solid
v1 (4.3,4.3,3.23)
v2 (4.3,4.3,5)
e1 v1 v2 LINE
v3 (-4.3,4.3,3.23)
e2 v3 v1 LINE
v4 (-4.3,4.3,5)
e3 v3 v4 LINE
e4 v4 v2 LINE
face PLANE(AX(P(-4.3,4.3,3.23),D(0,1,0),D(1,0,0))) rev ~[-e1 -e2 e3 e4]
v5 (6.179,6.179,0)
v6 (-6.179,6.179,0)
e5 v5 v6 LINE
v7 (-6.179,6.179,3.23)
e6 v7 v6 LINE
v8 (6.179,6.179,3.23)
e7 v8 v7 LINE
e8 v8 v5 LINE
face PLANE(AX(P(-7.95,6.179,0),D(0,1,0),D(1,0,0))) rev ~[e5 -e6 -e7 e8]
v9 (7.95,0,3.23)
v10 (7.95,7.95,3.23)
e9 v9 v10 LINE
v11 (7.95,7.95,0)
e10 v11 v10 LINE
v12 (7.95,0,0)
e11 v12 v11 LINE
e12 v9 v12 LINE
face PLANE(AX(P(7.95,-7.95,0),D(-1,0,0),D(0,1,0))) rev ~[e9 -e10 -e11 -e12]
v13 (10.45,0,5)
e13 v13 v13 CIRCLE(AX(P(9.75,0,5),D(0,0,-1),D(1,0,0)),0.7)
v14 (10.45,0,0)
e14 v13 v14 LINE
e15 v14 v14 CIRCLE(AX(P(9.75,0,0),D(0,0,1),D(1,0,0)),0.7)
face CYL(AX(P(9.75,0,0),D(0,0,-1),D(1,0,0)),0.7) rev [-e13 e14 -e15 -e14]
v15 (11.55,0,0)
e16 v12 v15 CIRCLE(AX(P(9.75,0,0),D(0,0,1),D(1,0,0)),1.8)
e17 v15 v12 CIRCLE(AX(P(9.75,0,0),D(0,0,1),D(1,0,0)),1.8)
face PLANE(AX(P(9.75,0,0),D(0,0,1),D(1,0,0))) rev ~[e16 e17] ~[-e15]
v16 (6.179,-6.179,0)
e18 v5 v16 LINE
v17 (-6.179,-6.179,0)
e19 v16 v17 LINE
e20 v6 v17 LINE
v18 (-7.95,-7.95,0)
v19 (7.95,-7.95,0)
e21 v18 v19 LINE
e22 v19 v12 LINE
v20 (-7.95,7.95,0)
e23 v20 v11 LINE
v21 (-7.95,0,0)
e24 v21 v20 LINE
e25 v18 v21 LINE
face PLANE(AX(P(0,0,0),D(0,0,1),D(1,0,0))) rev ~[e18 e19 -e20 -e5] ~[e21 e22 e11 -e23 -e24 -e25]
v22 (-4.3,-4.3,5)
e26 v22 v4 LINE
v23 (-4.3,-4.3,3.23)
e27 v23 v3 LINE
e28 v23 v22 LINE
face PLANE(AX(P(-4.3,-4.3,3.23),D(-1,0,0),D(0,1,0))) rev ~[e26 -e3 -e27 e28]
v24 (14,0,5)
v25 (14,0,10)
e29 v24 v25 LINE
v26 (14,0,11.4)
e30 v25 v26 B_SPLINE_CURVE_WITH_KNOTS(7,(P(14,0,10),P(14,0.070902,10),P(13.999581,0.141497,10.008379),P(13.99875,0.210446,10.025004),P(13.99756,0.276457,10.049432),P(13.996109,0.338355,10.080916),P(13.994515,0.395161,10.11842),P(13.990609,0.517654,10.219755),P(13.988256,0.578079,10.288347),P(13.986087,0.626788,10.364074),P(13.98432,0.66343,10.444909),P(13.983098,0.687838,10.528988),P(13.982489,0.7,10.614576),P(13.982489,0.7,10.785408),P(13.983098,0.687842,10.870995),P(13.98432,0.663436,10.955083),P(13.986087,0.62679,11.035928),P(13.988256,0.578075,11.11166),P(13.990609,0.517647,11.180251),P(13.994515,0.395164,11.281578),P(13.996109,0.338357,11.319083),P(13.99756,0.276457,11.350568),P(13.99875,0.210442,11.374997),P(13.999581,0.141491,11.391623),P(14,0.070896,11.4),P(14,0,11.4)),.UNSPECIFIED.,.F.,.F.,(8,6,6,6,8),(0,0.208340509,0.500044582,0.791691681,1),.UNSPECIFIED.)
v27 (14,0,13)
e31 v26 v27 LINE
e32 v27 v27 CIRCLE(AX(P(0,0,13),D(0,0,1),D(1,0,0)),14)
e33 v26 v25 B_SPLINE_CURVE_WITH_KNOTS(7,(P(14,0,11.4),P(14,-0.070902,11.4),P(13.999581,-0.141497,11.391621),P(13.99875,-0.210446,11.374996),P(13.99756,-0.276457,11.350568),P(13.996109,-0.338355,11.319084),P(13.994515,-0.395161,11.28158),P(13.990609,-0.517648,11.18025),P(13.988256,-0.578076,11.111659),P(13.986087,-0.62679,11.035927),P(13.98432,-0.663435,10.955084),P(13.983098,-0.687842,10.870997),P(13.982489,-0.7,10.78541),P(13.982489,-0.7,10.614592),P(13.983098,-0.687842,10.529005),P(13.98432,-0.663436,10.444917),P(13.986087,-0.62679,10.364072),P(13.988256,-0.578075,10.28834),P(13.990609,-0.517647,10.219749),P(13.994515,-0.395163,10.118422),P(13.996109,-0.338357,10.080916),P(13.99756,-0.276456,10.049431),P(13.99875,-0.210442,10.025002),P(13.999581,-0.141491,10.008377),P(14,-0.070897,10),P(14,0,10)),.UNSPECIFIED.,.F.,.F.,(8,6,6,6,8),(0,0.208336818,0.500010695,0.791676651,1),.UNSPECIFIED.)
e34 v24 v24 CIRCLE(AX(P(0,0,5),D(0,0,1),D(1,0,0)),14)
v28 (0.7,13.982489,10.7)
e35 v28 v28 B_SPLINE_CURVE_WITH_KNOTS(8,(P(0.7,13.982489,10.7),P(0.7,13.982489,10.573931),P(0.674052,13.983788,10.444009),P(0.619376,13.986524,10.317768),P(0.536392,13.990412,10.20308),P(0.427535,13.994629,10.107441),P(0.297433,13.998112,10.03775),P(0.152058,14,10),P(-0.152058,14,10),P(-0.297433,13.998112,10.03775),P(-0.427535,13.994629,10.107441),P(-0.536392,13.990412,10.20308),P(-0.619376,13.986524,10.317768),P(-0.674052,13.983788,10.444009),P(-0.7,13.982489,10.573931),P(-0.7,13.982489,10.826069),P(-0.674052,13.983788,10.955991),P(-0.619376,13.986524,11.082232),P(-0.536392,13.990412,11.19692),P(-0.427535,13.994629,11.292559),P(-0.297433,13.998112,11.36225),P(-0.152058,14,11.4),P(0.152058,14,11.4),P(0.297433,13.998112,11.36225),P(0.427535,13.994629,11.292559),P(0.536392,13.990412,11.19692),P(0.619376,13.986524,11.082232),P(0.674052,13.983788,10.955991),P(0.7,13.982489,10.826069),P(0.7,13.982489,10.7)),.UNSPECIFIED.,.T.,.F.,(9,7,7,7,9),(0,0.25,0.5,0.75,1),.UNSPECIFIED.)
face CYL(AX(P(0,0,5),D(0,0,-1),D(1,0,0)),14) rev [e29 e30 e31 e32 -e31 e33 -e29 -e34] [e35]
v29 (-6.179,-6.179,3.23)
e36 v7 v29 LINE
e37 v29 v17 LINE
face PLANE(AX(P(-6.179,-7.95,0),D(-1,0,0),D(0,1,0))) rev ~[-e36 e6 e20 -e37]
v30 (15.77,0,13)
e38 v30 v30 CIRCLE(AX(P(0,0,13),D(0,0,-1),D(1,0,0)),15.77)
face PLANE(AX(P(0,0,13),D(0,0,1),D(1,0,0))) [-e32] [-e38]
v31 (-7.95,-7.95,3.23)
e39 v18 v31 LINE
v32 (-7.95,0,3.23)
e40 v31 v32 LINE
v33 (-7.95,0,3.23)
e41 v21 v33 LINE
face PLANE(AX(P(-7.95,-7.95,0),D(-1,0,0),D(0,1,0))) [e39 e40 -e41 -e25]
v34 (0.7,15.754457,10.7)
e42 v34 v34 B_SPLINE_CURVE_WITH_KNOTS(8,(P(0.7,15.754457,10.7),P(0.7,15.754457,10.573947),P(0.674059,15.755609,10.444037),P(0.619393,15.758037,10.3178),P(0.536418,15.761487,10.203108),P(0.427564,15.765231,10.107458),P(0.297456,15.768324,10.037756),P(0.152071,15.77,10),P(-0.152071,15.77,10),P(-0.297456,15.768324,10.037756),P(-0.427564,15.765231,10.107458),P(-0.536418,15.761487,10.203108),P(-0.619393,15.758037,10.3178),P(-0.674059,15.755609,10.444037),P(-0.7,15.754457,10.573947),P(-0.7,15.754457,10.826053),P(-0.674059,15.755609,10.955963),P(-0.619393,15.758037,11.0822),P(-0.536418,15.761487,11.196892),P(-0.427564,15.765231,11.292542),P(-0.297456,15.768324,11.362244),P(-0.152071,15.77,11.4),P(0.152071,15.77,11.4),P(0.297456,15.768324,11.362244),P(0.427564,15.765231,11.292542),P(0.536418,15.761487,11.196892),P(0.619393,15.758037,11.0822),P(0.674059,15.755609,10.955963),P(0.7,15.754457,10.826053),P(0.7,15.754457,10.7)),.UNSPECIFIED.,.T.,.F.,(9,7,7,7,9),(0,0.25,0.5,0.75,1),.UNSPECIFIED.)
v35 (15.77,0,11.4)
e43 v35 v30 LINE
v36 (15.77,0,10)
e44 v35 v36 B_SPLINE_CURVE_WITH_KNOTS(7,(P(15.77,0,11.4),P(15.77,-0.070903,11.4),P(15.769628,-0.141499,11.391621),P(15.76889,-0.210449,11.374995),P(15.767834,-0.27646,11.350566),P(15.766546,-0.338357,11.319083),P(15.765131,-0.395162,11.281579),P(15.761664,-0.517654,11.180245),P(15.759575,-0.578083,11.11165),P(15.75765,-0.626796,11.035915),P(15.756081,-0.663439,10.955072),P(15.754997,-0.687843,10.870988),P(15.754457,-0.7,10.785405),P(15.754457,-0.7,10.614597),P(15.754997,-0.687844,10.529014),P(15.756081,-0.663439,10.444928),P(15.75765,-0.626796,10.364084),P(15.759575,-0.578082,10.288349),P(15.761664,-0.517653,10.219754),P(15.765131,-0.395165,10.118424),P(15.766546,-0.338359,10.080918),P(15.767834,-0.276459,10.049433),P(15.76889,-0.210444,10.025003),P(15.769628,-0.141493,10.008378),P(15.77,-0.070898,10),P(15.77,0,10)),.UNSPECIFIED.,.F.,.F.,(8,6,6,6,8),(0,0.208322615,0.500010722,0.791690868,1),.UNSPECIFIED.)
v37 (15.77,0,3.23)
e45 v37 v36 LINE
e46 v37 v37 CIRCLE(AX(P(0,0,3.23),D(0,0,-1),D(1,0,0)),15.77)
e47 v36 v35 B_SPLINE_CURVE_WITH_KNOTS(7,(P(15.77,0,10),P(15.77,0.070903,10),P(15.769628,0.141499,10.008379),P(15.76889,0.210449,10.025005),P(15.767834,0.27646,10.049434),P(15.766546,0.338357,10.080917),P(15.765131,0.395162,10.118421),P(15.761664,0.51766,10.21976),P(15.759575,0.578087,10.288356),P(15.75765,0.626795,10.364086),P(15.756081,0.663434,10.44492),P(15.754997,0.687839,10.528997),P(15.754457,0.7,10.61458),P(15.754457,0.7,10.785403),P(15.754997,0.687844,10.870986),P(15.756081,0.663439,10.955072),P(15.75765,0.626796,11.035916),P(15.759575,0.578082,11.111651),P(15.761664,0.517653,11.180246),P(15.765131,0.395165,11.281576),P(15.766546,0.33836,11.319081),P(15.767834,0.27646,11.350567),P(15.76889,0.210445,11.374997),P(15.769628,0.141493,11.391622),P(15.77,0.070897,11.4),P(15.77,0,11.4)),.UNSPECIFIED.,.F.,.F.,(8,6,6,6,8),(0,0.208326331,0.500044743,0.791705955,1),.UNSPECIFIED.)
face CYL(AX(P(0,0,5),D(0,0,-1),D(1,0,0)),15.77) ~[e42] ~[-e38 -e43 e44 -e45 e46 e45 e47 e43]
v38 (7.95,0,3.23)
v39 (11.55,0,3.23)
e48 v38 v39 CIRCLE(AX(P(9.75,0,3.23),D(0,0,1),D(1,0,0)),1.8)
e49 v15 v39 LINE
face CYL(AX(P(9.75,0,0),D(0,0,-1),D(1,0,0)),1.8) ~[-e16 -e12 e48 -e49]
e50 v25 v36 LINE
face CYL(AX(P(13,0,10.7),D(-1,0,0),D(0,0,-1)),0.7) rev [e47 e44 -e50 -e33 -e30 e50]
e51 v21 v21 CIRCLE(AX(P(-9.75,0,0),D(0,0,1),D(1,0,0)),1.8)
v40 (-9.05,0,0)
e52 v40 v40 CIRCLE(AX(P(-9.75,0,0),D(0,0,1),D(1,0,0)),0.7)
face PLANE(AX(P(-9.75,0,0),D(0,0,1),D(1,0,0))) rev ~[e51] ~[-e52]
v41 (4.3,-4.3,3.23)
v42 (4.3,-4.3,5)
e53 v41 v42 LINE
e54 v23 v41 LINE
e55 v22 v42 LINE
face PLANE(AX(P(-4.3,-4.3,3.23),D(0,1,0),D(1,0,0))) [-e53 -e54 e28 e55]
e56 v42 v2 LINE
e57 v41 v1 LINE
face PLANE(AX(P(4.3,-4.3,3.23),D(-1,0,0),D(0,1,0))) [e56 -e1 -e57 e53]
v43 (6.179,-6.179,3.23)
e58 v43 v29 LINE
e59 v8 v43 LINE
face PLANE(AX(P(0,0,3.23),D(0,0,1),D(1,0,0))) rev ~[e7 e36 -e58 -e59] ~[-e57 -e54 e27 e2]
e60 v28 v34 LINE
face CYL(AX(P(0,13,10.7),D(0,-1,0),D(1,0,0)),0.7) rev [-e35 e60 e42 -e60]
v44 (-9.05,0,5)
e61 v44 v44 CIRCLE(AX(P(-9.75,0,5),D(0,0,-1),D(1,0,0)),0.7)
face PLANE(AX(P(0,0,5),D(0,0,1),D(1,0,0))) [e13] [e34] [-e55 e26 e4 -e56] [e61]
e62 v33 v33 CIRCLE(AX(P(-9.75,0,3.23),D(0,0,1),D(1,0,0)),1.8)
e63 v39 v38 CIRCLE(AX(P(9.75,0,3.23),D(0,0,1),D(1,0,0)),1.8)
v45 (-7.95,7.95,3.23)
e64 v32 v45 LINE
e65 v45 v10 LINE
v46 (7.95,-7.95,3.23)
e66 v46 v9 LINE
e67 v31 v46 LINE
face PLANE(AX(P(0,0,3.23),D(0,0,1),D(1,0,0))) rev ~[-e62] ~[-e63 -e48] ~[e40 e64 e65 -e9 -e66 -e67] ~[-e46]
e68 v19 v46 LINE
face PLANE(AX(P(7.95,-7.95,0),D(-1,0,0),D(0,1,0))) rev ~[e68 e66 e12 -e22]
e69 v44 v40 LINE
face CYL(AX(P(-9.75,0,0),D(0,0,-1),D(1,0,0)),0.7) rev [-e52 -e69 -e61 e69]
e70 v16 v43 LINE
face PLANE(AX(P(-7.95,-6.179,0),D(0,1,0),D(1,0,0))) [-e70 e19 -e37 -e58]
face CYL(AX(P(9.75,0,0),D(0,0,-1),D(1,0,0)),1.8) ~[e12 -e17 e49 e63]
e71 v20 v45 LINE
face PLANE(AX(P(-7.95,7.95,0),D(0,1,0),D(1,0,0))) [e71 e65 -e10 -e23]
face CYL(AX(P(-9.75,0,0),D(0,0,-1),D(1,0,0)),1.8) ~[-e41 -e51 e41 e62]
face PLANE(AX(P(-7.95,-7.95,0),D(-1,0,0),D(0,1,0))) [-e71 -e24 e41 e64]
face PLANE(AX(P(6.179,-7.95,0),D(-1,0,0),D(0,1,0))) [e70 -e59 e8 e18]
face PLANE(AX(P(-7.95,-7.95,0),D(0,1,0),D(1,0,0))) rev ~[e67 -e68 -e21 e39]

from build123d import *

# Parameters (mm, degrees)
CYLINDER001_R           = 1.8
CYLINDER001_DEPTH       = 3.23
THICKNESS002_T          = -1.1
CYLINDER003_R           = 1.8
CYLINDER003_DEPTH       = 3.23
THICKNESS003_T          = -1.1
CYLINDER006_R           = 0.7
CYLINDER006_DEPTH       = 3
CYLINDER006_ROLL_ANGLE  = -90
CYLINDER005_R           = 0.7
CYLINDER005_DEPTH       = 3
CYLINDER005_PITCH_ANGLE = 90
CYLINDER004_R           = 0.7
CYLINDER004_DEPTH       = 10
CYLINDER002_R           = 0.7
CYLINDER002_DEPTH       = 10
BOX001_W                = 8.6
BOX001_H                = 8.6
BOX001_DEPTH            = 1.77
CYLINDER_R              = 14
CYLINDER_DEPTH          = 8
THICKNESS_T             = 1.77
BOX_W                   = 15.9
BOX_H                   = 15.9
BOX_DEPTH               = 3.23
THICKNESS001_T          = -1.771


with BuildPart() as thickness002:
    # Cylinder001 → Cylinder001 (new body)
    with BuildSketch(Plane.XY):
        Circle(CYLINDER001_R)
    extrude(amount=CYLINDER001_DEPTH)

    # Thickness002
    thickness002_openings = [thickness002.faces().sort_by_distance(p)[0] for p in [
        (0, 0, 3.23),
        (0, 0, 0),
    ]]
    offset(amount=THICKNESS002_T, openings=thickness002_openings)


with BuildPart() as thickness002_1:
    # Thickness002 placement: moved
    add(thickness002.part.moved(Location((9.75, 0, 0))))


with BuildPart() as thickness003:
    # Cylinder003 → Cylinder003 (new body)
    with BuildSketch(Plane.XY):
        Circle(CYLINDER003_R)
    extrude(amount=CYLINDER003_DEPTH)

    # Thickness003
    thickness003_openings = [thickness003.faces().sort_by_distance(p)[0] for p in [
        (0, 0, 3.23),
        (0, 0, 0),
    ]]
    offset(amount=THICKNESS003_T, openings=thickness003_openings)


with BuildPart() as thickness003_1:
    # Thickness003 placement: moved
    add(thickness003.part.moved(Location((-9.75, 0, 0))))


with BuildPart() as cylinder006:
    # Cylinder006 → Cylinder006 (new body)
    with BuildSketch(Plane.XY):
        Circle(CYLINDER006_R)
    extrude(amount=CYLINDER006_DEPTH)


with BuildPart() as cylinder006_1:
    # Cylinder006 roll: moved
    add(cylinder006.part.rotate(Axis((0, 0, 0), (1, 0, 0)), CYLINDER006_ROLL_ANGLE))


with BuildPart() as cylinder006_2:
    # Cylinder006 placement: moved
    add(cylinder006_1.part.moved(Location((0, 13, 10.7))))


with BuildPart() as cylinder005:
    # Cylinder005 → Cylinder005 (new body)
    with BuildSketch(Plane.XY):
        Circle(CYLINDER005_R)
    extrude(amount=CYLINDER005_DEPTH)


with BuildPart() as cylinder005_1:
    # Cylinder005 pitch: moved
    add(cylinder005.part.rotate(Axis((0, 0, 0), (0, 1, 0)), CYLINDER005_PITCH_ANGLE))


with BuildPart() as cylinder005_2:
    # Cylinder005 placement: moved
    add(cylinder005_1.part.moved(Location((13, 0, 10.7))))


with BuildPart() as cylinder004:
    # Cylinder004 → Cylinder004 (new body)
    with BuildSketch(Plane(origin=(-9.75, 0, 0), x_dir=(1, 0, 0), z_dir=(0, 0, 1))):
        Circle(CYLINDER004_R)
    extrude(amount=CYLINDER004_DEPTH)


with BuildPart() as cylinder002:
    # Cylinder002 → Cylinder002 (new body)
    with BuildSketch(Plane(origin=(9.75, 0, 0), x_dir=(1, 0, 0), z_dir=(0, 0, 1))):
        Circle(CYLINDER002_R)
    extrude(amount=CYLINDER002_DEPTH)


with BuildPart() as cube001:
    # Box001 → Box001 (new body)
    with BuildSketch(Plane(origin=(-4.3, -4.3, 3.23), x_dir=(1, 0, 0), z_dir=(0, 0, 1))):
        with Locations((4.3, 4.3)):
            Rectangle(BOX001_W, BOX001_H)
    extrude(amount=BOX001_DEPTH)


with BuildPart() as cut004:
    # Cylinder → Cylinder (new body)
    with BuildSketch(Plane.XY.offset(5)):
        Circle(CYLINDER_R)
    extrude(amount=CYLINDER_DEPTH)

    # Thickness
    thickness_openings = [cut004.faces().sort_by_distance(p)[0] for p in [
        (0, 0, 13),
    ]]
    offset(amount=THICKNESS_T, openings=thickness_openings, kind=Kind.INTERSECTION)

    # Cut: cut Cube001
    add(cube001.part, mode=Mode.SUBTRACT)

    # Cut001: cut Cylinder002
    add(cylinder002.part, mode=Mode.SUBTRACT)

    # Cut002: cut Cylinder004
    add(cylinder004.part, mode=Mode.SUBTRACT)

    # Cut003: cut Cylinder005
    add(cylinder005_2.part, mode=Mode.SUBTRACT)

    # Cut004: cut Cylinder006
    add(cylinder006_2.part, mode=Mode.SUBTRACT)


with BuildPart() as fusion:
    # Box → Box (new body)
    with BuildSketch(Plane(origin=(-7.95, -7.95, 0), x_dir=(1, 0, 0), z_dir=(0, 0, 1))):
        with Locations((7.95, 7.95)):
            Rectangle(BOX_W, BOX_H)
    extrude(amount=BOX_DEPTH)

    # Thickness001
    thickness001_openings = [fusion.faces().sort_by_distance(p)[0] for p in [
        (0, 0, 3.23),
        (0, 0, 0),
    ]]
    offset(amount=THICKNESS001_T, openings=thickness001_openings, kind=Kind.INTERSECTION)

    # Fusion: union Thickness002, Thickness003, Cut004
    add(thickness002_1.part)
    add(thickness003_1.part)
    add(cut004.part)


solid = fusion.part
